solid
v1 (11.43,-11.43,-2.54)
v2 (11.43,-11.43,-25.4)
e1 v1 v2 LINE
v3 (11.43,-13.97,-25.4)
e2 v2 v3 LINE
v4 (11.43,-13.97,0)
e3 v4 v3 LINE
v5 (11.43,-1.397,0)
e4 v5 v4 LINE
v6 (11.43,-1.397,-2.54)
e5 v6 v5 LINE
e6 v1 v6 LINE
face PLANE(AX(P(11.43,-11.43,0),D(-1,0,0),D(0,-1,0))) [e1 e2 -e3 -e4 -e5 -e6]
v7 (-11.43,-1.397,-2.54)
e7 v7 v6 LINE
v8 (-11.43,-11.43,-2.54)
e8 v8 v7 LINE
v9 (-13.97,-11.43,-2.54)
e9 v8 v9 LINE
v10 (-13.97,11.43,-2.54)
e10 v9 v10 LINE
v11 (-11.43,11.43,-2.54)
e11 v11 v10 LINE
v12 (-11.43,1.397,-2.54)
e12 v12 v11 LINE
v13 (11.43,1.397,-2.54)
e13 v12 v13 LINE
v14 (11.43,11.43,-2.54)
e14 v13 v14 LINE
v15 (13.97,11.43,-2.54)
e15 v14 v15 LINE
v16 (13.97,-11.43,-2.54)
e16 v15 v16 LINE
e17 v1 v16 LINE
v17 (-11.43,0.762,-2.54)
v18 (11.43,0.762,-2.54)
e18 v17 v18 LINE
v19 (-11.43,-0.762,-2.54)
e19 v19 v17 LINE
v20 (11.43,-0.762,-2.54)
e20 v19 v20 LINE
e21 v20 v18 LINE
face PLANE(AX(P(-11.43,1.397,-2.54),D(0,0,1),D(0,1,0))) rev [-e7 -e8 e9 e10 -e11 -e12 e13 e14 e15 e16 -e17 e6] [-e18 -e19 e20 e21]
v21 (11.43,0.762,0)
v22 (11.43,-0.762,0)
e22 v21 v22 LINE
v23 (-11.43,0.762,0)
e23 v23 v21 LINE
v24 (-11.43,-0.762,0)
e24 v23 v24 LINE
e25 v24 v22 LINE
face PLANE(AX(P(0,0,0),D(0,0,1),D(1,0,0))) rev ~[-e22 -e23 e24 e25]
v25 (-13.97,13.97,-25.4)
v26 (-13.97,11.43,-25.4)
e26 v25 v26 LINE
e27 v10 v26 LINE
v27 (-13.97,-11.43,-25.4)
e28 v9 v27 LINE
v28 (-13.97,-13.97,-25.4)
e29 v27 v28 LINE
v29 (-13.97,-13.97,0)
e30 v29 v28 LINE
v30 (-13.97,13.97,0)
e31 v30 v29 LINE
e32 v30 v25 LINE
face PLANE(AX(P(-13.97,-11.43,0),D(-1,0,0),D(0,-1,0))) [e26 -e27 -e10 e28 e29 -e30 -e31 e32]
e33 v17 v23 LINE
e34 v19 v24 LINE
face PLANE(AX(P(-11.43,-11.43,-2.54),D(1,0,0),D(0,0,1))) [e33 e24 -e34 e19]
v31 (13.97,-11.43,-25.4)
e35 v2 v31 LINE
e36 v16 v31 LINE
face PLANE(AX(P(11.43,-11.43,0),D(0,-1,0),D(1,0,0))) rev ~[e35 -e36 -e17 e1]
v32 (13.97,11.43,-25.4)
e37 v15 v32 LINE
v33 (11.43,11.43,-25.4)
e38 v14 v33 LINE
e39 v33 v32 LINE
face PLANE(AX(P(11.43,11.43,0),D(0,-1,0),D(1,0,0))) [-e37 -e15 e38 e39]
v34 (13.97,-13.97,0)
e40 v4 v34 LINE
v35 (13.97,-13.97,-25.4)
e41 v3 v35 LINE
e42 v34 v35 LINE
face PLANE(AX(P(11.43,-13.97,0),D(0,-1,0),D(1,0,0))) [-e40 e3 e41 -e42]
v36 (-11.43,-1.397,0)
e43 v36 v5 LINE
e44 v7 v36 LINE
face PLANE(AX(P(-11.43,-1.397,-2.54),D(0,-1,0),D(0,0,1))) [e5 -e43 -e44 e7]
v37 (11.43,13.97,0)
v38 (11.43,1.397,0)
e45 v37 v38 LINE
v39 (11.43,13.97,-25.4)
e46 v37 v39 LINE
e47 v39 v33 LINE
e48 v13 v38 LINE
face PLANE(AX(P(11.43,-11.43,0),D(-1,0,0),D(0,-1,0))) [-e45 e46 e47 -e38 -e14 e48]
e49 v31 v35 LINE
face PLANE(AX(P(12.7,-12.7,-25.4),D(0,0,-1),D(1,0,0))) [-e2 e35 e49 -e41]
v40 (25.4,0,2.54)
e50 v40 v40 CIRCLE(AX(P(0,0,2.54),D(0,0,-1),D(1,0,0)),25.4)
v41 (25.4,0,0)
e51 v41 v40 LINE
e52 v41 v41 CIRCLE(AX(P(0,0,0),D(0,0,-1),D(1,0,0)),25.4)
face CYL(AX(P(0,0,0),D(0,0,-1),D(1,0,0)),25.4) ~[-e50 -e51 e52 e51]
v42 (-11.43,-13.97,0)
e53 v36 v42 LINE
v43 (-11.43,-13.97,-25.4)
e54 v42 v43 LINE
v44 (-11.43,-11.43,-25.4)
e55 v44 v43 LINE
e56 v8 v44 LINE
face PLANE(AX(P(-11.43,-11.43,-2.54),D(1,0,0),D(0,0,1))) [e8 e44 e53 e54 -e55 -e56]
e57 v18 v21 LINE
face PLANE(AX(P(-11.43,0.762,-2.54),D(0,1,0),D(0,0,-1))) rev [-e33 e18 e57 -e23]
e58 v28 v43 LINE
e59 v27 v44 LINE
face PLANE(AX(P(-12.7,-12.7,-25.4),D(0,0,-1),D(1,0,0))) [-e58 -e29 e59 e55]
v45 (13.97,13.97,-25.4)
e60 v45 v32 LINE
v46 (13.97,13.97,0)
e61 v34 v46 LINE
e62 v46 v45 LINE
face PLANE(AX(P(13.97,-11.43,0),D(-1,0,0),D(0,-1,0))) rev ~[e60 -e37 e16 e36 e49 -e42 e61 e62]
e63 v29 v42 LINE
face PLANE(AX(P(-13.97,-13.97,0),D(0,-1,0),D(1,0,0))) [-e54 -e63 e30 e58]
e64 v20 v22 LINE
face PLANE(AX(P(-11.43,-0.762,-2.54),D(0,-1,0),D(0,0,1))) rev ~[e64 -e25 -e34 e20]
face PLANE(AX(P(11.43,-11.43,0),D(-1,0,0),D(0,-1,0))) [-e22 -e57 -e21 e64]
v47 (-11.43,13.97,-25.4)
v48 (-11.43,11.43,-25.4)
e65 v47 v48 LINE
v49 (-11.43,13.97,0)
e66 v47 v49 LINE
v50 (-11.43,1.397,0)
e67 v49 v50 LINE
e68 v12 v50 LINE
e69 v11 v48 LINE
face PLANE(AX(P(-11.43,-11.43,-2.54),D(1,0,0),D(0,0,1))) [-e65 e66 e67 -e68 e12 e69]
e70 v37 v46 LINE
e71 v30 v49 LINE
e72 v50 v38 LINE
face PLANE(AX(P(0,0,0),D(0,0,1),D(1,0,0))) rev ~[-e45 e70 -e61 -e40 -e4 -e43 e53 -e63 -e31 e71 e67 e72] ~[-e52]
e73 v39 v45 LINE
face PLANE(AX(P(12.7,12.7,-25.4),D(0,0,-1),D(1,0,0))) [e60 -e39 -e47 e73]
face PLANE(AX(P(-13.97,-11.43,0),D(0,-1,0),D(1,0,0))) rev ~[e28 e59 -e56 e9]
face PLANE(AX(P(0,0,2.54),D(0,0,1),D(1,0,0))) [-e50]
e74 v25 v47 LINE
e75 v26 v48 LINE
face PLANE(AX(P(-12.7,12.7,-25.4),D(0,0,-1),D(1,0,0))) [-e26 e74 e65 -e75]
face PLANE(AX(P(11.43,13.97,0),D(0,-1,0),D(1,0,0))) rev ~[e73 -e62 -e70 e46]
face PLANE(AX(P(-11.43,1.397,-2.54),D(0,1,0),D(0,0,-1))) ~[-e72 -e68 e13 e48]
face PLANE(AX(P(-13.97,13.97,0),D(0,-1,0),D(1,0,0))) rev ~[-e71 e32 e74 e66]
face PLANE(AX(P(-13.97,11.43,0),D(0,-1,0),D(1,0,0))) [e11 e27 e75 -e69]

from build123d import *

# Parameters (mm, degrees)
F0_R     = 25.4
F1_DEPTH = 2.54
F2_W     = 2.54
F2_H     = 2.54
F3_DEPTH = 25.4
F4_W     = 2.54
F4_H     = 2.54
F5_DEPTH = 25.4
F7_W     = 0.635
F7_H     = 2.54
F8_DEPTH = 25.4


with BuildPart() as f1:
    # F0 (on Top) → F1 (new body)
    with BuildSketch(Plane.XY):
        Circle(F0_R)
    extrude(amount=F1_DEPTH)

    # F2 (on face) → F3 (join)
    with BuildSketch(Plane(origin=(0, 0, 0), x_dir=(1, 0, 0), z_dir=(0, 0, -1))):
        with Locations((12.7, -12.7)):
            Rectangle(F2_W, F2_H)
        with Locations((-12.7, -12.7)):
            Rectangle(F2_W, F2_H)
        with Locations((-12.7, 12.7)):
            Rectangle(F2_W, F2_H)
        with Locations((12.7, 12.7)):
            Rectangle(F2_W, F2_H)
    extrude(amount=F3_DEPTH)

    # F4 (on face) → F5 (join)
    with BuildSketch(Plane(origin=(0, -11.43, 0), x_dir=(-1, 0, 0), z_dir=(0, 1, 0))):
        with Locations((12.7, -1.27)):
            Rectangle(F4_W, F4_H)
    extrude(amount=F5_DEPTH)

    # F6: F1 across plane


with BuildPart() as f1_1:
    add(f1.part)
    add(f1.part.mirror(Plane.YZ))

    # F7 (on face) → F8 (join)
    with BuildSketch(Plane.YZ.offset(-11.43)):
        with Locations((-1.0795, -1.27)):
            Rectangle(F7_W, F7_H)
    extrude(amount=F8_DEPTH)

    # F9: F1 across plane


with BuildPart() as f1_2:
    add(f1_1.part)
    add(f1_1.part.mirror(Plane.XZ))


solid = f1_2.part
